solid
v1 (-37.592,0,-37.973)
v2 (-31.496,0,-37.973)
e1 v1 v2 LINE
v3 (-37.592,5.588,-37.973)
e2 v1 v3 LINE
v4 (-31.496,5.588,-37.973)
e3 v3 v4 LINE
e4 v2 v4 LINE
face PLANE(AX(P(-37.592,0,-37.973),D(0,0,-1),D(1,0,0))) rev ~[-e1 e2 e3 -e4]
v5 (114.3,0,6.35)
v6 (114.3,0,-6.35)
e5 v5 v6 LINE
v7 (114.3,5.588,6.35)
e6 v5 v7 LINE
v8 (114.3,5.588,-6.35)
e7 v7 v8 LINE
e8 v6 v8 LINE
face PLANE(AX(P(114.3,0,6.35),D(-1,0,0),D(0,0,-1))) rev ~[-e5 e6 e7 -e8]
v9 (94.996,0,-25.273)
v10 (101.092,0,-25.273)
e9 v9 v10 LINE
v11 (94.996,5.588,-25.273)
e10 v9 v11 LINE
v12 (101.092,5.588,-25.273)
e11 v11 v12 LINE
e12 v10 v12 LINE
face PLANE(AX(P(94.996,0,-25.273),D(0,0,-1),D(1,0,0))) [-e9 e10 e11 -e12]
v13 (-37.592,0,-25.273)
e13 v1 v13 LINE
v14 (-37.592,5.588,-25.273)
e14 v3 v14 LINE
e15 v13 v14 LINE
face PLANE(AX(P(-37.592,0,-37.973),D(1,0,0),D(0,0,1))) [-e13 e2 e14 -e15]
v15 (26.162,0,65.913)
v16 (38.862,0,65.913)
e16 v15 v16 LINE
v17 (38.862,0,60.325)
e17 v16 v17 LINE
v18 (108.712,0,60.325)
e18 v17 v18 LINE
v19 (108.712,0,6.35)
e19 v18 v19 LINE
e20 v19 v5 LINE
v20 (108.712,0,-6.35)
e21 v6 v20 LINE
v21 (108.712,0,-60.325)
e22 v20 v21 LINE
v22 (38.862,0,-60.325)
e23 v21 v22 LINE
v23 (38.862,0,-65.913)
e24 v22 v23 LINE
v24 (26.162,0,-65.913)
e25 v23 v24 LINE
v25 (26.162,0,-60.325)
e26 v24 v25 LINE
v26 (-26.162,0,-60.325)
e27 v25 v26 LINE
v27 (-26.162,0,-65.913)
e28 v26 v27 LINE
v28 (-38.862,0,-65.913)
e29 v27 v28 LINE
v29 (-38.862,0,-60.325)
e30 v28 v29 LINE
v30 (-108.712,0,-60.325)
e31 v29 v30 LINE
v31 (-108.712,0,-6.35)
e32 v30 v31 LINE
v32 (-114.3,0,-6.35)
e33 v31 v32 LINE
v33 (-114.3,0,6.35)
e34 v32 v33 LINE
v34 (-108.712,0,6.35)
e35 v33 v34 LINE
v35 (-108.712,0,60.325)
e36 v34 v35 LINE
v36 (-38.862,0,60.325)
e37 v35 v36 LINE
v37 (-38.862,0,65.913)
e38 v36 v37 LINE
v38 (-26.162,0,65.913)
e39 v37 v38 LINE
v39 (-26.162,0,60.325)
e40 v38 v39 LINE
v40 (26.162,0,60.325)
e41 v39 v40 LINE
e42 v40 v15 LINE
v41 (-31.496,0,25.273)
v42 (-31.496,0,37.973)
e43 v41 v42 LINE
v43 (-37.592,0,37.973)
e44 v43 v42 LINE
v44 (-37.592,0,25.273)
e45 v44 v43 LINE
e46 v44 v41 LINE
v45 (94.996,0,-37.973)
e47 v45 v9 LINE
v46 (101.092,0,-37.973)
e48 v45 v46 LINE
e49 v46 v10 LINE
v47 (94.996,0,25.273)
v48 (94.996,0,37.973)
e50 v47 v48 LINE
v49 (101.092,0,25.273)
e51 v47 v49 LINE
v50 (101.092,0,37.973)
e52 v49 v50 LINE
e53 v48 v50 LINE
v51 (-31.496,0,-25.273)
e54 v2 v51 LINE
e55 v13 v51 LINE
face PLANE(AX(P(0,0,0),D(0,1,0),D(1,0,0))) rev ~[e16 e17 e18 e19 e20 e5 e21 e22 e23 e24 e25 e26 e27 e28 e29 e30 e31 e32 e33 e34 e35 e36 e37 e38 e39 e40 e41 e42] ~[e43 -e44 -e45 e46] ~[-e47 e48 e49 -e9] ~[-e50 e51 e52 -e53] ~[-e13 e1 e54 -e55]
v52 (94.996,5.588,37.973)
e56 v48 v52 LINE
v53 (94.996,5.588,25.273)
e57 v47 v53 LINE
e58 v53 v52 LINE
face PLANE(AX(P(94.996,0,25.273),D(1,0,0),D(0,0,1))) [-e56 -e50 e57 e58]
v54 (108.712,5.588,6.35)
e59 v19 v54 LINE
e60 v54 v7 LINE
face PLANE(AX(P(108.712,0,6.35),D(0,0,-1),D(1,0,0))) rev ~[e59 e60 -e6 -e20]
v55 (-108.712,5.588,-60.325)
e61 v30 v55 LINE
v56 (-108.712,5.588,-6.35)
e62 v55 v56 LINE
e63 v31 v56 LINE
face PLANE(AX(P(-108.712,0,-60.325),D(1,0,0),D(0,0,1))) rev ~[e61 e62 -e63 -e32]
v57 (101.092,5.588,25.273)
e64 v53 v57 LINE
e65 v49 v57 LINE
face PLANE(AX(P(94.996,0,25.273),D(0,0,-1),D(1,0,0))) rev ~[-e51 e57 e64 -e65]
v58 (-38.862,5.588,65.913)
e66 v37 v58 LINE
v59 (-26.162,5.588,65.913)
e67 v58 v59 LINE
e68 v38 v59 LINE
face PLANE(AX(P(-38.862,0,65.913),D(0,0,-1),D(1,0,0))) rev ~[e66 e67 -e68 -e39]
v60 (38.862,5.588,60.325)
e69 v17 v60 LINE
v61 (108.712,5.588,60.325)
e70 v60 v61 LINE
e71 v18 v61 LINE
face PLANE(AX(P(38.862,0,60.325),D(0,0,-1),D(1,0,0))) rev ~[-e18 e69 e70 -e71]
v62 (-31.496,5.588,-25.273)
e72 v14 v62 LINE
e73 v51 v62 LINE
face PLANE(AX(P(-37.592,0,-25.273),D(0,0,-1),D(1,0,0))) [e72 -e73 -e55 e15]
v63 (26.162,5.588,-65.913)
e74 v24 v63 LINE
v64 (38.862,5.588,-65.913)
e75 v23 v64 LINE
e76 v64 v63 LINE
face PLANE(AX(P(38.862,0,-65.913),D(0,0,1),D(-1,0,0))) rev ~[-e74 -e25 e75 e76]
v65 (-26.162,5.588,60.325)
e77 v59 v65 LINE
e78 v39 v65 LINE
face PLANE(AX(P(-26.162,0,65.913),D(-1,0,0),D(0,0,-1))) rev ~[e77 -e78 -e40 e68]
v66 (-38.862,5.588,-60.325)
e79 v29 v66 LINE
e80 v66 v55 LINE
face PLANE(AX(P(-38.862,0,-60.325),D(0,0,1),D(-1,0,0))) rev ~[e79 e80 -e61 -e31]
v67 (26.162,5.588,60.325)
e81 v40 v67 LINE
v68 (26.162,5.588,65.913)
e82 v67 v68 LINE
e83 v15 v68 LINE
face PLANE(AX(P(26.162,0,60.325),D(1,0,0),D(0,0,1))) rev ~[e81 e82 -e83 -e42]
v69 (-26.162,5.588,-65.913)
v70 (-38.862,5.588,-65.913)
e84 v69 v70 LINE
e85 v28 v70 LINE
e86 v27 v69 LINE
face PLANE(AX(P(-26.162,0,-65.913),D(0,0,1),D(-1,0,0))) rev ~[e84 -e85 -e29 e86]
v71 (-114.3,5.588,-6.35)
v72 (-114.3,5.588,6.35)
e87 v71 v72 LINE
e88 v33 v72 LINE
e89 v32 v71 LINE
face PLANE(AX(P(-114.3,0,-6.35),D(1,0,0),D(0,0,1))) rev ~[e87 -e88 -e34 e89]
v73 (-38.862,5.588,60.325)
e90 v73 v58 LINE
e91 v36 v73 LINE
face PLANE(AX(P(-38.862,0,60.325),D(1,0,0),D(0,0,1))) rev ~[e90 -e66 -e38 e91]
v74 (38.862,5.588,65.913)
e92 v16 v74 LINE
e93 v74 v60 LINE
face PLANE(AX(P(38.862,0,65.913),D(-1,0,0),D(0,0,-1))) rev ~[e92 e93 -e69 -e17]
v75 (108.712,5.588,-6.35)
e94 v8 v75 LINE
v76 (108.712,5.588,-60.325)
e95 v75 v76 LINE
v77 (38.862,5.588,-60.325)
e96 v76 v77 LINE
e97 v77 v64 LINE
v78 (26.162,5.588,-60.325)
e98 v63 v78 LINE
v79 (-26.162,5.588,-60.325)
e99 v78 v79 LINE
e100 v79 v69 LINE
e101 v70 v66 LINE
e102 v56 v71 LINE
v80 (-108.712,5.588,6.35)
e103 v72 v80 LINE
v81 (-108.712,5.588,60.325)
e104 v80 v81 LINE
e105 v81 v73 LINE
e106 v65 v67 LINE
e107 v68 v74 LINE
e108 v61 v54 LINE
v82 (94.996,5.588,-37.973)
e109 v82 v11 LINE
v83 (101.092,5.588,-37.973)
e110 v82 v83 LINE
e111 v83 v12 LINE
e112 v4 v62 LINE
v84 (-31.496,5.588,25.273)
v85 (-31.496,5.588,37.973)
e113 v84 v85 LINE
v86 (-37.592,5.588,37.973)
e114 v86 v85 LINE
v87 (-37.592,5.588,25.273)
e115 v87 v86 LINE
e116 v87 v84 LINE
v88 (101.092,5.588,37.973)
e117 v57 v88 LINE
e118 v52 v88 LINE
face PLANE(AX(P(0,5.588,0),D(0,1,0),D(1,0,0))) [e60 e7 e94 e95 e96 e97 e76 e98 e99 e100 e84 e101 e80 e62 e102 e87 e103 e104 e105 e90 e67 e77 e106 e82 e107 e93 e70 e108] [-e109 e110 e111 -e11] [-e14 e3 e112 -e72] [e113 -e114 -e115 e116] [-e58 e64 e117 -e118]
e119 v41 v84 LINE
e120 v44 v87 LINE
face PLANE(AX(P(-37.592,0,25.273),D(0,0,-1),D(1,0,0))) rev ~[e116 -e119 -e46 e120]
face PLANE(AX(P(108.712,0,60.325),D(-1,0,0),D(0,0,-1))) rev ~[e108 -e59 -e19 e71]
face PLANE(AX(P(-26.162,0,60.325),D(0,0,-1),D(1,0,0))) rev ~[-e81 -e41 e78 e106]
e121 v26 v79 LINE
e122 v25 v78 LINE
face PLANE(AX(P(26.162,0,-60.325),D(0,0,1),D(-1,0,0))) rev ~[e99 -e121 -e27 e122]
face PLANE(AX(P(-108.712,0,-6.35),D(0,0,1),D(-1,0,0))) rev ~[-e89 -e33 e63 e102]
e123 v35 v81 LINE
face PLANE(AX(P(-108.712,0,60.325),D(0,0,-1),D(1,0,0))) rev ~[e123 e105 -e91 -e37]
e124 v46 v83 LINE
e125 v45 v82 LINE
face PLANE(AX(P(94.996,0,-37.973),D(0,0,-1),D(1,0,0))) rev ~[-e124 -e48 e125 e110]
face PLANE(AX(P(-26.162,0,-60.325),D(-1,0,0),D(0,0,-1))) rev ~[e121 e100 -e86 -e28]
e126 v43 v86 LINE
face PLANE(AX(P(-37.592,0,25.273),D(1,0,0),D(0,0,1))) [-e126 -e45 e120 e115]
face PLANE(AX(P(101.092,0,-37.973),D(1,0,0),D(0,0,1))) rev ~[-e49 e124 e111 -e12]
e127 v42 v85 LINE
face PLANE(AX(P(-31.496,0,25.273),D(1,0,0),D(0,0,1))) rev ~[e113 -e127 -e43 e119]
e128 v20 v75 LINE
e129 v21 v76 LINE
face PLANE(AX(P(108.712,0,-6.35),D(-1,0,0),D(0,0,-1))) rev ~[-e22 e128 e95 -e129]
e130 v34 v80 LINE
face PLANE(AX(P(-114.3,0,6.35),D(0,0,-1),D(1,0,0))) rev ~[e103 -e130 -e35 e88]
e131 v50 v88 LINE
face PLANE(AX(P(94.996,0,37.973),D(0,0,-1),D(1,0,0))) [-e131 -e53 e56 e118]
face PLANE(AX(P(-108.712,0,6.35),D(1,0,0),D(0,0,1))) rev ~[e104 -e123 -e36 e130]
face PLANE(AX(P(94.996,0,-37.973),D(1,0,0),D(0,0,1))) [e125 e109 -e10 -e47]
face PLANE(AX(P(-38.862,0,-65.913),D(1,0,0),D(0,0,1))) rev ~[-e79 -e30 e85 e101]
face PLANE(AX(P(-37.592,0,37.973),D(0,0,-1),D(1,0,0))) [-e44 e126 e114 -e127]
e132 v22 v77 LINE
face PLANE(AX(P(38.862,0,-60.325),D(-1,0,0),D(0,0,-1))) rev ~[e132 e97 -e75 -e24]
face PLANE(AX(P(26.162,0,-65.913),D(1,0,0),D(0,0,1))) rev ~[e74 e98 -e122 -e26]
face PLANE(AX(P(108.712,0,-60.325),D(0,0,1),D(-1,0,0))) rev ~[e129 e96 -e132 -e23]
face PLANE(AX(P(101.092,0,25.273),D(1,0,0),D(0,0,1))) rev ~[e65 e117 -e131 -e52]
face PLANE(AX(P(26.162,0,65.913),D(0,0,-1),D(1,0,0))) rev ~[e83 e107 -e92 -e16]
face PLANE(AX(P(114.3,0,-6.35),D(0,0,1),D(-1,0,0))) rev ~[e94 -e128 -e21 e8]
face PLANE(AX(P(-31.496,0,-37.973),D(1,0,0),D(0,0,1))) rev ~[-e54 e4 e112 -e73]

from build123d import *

# Parameters (mm, degrees)
BOSS_EXTRUDE1_DEPTH = 5.588
SKETCH2_W           = 6.096
SKETCH2_H           = 12.7
CUT_EXTRUDE1_DEPTH  = 5.588


with BuildPart() as part:
    # Sketch1 → Boss-Extrude1 (new body)
    with BuildSketch(Plane(origin=(0, 0, 0), x_dir=(1, 0, 0), z_dir=(0, 1, 0))):
        Polygon((-108.712, 6.35), (-114.3, 6.35), (-114.3, -6.35), (-108.712, -6.35), (-108.712, -60.325), (-38.862, -60.325), (-38.862, -65.913), (-26.162, -65.913), (-26.162, -60.325), (26.162, -60.325), (26.162, -65.913), (38.862, -65.913), (38.862, -60.325), (108.712, -60.325), (108.712, -6.35), (114.3, -6.35), (114.3, 6.35), (108.712, 6.35), (108.712, 60.325), (38.862, 60.325), (38.862, 65.913), (26.162, 65.913), (26.162, 60.325), (-26.162, 60.325), (-26.162, 65.913), (-38.862, 65.913), (-38.862, 60.325), (-108.712, 60.325), align=None)
    extrude(amount=BOSS_EXTRUDE1_DEPTH)

    # Sketch2 → Cut-Extrude1 (cut)
    with BuildSketch(Plane.XZ):
        with Locations((-34.544, 31.623)):
            Rectangle(SKETCH2_W, SKETCH2_H)
        with Locations((98.044, 31.623)):
            Rectangle(SKETCH2_W, SKETCH2_H)
        with Locations((98.044, -31.623)):
            Rectangle(SKETCH2_W, SKETCH2_H)
        with Locations((-34.544, -31.623)):
            Rectangle(SKETCH2_W, SKETCH2_H)
    extrude(amount=-CUT_EXTRUDE1_DEPTH, mode=Mode.SUBTRACT)


solid = part.part
